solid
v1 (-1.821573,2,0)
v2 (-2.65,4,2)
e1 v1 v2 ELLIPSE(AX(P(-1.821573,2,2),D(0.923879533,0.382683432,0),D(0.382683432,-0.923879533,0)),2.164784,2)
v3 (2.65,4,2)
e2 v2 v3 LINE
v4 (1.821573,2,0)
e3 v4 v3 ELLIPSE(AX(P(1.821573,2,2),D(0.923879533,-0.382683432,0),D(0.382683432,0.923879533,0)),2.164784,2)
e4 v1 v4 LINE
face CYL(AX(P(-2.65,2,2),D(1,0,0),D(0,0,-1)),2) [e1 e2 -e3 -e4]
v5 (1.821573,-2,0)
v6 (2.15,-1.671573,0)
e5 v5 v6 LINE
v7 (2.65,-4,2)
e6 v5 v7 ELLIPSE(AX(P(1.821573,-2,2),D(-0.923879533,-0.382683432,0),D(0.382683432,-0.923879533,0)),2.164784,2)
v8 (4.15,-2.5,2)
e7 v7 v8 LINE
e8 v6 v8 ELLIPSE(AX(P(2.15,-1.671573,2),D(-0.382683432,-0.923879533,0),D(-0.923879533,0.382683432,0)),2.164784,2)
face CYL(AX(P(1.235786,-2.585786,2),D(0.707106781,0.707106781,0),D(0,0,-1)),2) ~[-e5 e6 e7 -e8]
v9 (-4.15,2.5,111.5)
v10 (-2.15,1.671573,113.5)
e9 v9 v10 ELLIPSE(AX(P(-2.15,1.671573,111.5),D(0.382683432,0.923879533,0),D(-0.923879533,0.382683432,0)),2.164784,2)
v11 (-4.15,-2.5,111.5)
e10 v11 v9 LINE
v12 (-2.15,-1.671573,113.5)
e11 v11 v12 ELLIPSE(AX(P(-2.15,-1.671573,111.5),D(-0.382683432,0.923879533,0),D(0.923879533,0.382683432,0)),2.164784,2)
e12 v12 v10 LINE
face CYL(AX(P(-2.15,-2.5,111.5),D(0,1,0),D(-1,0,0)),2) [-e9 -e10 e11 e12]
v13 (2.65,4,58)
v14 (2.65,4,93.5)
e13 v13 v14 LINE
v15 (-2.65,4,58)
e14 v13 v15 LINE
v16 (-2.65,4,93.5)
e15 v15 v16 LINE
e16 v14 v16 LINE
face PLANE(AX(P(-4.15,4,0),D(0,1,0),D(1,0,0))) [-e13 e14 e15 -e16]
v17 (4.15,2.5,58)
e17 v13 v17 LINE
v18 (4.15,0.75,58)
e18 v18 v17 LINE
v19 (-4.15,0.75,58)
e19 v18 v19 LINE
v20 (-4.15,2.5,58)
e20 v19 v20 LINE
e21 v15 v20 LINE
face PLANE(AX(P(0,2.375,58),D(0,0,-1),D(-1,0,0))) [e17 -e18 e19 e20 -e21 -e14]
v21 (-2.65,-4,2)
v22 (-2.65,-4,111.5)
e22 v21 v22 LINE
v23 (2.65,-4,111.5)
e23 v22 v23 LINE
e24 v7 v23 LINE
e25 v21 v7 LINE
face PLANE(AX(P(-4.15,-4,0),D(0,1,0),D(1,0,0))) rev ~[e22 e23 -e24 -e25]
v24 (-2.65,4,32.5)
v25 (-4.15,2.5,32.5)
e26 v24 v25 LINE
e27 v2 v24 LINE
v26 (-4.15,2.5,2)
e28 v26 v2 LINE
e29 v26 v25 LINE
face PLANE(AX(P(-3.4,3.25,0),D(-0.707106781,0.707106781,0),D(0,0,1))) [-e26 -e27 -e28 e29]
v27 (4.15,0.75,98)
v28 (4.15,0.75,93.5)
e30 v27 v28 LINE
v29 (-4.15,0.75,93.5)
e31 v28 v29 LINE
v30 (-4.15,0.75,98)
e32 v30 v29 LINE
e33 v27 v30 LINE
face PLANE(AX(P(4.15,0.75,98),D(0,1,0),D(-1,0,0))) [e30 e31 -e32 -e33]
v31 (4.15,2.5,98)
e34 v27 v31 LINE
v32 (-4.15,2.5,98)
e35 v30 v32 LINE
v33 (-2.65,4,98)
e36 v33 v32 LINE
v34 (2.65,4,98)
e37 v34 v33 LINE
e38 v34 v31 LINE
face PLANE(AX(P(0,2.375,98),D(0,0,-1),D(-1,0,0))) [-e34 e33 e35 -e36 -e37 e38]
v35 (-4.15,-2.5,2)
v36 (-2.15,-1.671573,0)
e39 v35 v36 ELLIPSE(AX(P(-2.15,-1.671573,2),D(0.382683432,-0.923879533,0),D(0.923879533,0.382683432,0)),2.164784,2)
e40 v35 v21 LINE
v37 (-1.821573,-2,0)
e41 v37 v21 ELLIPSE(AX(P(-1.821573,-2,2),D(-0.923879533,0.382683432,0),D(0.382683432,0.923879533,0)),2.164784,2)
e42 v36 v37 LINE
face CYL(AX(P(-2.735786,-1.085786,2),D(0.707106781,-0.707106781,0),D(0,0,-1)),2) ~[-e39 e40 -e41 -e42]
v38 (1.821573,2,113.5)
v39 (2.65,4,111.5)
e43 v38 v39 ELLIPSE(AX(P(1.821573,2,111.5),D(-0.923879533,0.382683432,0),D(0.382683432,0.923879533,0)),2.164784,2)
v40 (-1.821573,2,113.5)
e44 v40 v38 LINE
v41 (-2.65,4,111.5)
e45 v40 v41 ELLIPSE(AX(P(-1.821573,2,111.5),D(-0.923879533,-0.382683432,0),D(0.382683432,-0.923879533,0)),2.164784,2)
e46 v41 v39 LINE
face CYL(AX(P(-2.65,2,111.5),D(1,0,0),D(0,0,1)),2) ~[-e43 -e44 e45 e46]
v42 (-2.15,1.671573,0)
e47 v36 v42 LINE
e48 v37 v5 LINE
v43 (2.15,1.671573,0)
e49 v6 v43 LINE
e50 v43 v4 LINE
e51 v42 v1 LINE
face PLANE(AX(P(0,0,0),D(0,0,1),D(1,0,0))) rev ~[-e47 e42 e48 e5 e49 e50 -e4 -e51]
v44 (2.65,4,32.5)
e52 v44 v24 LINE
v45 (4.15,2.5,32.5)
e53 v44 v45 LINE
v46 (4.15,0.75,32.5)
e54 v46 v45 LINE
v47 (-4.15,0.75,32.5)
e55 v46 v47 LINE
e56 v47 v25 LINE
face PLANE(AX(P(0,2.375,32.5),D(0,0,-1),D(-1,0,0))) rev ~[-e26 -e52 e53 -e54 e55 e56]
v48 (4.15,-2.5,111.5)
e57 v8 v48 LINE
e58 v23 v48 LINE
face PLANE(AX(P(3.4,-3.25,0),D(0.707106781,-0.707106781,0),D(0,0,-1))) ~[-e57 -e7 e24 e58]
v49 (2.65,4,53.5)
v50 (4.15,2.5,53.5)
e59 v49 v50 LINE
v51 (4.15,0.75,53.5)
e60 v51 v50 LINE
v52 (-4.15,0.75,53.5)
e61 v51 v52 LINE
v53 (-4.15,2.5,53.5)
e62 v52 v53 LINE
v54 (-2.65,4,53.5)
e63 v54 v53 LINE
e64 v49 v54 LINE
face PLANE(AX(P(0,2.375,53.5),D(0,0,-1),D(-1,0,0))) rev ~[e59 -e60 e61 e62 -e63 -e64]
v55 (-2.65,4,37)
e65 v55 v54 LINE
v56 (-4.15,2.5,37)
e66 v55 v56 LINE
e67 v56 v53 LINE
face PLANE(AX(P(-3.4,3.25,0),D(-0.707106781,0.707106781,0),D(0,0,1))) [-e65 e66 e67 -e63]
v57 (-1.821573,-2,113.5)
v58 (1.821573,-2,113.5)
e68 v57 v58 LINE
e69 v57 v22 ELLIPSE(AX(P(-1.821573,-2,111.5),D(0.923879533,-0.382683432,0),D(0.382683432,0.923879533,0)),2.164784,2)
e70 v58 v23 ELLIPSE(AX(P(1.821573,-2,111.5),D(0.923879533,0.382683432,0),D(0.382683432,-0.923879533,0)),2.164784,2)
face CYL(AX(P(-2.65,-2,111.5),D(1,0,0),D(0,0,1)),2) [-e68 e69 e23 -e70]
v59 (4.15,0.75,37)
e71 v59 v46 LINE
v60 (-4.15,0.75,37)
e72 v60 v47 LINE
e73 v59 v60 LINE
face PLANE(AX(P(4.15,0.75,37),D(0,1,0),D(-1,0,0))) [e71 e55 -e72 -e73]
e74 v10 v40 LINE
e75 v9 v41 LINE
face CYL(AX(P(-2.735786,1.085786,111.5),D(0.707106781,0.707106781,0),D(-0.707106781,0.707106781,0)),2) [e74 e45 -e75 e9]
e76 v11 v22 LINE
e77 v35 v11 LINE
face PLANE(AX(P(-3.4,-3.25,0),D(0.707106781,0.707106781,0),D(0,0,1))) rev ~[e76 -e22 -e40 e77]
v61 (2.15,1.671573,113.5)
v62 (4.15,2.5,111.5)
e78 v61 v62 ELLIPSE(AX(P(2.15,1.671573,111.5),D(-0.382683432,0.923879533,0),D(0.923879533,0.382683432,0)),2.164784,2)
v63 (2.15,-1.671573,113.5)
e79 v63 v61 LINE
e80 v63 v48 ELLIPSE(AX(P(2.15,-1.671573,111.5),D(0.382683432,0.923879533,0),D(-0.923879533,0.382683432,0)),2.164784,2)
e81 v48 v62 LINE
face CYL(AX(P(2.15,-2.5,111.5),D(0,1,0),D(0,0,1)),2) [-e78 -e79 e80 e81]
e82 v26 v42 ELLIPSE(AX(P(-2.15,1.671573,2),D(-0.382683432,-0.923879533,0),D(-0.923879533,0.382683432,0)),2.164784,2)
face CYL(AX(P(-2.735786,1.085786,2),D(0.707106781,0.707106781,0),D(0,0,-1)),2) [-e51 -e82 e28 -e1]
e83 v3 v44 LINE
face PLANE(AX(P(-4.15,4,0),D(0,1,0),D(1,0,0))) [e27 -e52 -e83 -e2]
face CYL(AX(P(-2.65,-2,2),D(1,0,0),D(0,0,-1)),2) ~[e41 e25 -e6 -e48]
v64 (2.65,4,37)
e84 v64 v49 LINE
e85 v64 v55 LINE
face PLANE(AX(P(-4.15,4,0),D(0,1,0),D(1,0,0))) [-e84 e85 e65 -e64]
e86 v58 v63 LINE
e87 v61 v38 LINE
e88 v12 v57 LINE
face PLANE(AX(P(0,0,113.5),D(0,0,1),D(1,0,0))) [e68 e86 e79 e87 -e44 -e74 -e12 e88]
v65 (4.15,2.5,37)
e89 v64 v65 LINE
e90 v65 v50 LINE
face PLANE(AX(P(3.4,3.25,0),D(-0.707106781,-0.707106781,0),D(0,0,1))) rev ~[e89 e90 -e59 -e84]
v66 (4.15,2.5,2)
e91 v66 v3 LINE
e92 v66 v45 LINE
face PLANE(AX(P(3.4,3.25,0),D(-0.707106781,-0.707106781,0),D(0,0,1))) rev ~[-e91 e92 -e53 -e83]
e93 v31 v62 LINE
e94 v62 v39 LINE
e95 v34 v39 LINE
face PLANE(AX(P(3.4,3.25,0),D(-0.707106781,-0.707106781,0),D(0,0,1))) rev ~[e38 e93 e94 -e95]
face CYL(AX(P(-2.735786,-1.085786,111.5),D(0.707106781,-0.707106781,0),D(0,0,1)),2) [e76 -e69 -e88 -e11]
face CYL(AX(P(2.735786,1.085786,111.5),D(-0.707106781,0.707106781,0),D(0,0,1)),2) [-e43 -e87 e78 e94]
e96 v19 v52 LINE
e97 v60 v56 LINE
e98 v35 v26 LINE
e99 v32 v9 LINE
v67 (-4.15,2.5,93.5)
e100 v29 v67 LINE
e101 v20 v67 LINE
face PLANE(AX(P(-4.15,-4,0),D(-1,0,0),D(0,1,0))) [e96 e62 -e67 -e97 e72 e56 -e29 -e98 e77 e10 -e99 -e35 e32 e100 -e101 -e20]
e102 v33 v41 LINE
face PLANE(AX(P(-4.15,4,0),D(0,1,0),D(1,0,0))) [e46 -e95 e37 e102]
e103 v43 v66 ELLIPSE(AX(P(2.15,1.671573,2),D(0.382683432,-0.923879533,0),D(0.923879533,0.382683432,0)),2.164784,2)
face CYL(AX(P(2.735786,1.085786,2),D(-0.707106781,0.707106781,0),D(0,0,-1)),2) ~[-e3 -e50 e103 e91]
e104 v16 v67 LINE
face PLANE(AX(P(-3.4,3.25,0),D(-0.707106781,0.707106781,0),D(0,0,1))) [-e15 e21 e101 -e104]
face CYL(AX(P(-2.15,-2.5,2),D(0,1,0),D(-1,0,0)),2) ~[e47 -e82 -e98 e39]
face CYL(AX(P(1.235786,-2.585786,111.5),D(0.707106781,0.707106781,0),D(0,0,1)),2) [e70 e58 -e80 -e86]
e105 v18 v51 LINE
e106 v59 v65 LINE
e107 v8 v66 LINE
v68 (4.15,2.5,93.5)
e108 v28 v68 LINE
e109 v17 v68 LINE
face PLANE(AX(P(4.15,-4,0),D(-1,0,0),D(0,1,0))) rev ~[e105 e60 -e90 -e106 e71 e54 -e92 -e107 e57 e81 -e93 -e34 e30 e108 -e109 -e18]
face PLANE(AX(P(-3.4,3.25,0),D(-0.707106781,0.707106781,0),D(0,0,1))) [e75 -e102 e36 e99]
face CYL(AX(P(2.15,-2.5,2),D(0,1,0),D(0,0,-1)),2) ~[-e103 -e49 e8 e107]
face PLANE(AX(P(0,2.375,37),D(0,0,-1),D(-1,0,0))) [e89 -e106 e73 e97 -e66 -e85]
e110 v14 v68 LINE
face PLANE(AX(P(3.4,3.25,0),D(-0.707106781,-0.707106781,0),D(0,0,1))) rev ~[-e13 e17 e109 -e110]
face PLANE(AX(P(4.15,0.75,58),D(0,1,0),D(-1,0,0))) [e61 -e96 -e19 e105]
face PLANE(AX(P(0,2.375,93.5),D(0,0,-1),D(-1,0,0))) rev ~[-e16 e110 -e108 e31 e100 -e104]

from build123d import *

# Parameters (mm, degrees)
SKETCH1_W           = 8.3
SKETCH1_H           = 8
BOSS_EXTRUDE1_DEPTH = 113.5
CHAMFER2_SIZE       = 1.5
SKETCH3_W           = 8.3
SKETCH3_H           = 3.25
CUT_EXTRUDE1_DEPTH  = 4.5
SKETCH4_W           = 8.3
SKETCH4_H           = 3.25
CUT_EXTRUDE2_DEPTH  = 4.5
FILLET1_R           = 2
SKETCH6_W           = 8.3
SKETCH6_H           = 3.25
CUT_EXTRUDE3_DEPTH  = 4.5


with BuildPart() as part:
    # Sketch1 → Boss-Extrude1 (new body)
    with BuildSketch(Plane.XY):
        Rectangle(SKETCH1_W, SKETCH1_H)
    extrude(amount=BOSS_EXTRUDE1_DEPTH)

    # Chamfer2
    chamfer2_edges = [part.edges().sort_by_distance(p)[0] for p in [
        (-4.15, 4, 56.75),
        (4.15, 4, 56.75),
        (4.15, -4, 56.75),
        (-4.15, -4, 56.75),
    ]]
    chamfer(chamfer2_edges, length=CHAMFER2_SIZE)

    # Sketch3 → Cut-Extrude1 (cut)
    with BuildSketch(Plane(origin=(0, 0, 58), x_dir=(-1, 0, 0), z_dir=(0, 0, -1))):
        with Locations((0, 2.375)):
            Rectangle(SKETCH3_W, SKETCH3_H)
    extrude(amount=CUT_EXTRUDE1_DEPTH, mode=Mode.SUBTRACT)

    # Sketch4 → Cut-Extrude2 (cut)
    with BuildSketch(Plane(origin=(0, 0, 98), x_dir=(-1, 0, 0), z_dir=(0, 0, -1))):
        with Locations((0, 2.375)):
            Rectangle(SKETCH4_W, SKETCH4_H)
    extrude(amount=CUT_EXTRUDE2_DEPTH, mode=Mode.SUBTRACT)

    # Fillet1
    fillet1_edges = [part.edges().sort_by_distance(p)[0] for p in [
        (4.15, 0, 0),
        (4.15, 0, 113.5),
        (-4.15, 0, 0),
        (0, 4, 0),
        (0, -4, 0),
        (-3.4, 3.25, 0),
        (3.4, 3.25, 0),
        (-3.4, -3.25, 0),
        (3.4, -3.25, 0),
        (0, -4, 113.5),
        (-4.15, 0, 113.5),
        (0, 4, 113.5),
        (-3.4, 3.25, 113.5),
        (3.4, 3.25, 113.5),
        (-3.4, -3.25, 113.5),
        (3.4, -3.25, 113.5),
    ]]
    fillet(fillet1_edges, radius=FILLET1_R)

    # Sketch6 → Cut-Extrude3 (cut)
    with BuildSketch(Plane(origin=(0, 0, 37), x_dir=(-1, 0, 0), z_dir=(0, 0, -1))):
        with Locations((0, 2.375)):
            Rectangle(SKETCH6_W, SKETCH6_H)
    extrude(amount=CUT_EXTRUDE3_DEPTH, mode=Mode.SUBTRACT)


solid = part.part
